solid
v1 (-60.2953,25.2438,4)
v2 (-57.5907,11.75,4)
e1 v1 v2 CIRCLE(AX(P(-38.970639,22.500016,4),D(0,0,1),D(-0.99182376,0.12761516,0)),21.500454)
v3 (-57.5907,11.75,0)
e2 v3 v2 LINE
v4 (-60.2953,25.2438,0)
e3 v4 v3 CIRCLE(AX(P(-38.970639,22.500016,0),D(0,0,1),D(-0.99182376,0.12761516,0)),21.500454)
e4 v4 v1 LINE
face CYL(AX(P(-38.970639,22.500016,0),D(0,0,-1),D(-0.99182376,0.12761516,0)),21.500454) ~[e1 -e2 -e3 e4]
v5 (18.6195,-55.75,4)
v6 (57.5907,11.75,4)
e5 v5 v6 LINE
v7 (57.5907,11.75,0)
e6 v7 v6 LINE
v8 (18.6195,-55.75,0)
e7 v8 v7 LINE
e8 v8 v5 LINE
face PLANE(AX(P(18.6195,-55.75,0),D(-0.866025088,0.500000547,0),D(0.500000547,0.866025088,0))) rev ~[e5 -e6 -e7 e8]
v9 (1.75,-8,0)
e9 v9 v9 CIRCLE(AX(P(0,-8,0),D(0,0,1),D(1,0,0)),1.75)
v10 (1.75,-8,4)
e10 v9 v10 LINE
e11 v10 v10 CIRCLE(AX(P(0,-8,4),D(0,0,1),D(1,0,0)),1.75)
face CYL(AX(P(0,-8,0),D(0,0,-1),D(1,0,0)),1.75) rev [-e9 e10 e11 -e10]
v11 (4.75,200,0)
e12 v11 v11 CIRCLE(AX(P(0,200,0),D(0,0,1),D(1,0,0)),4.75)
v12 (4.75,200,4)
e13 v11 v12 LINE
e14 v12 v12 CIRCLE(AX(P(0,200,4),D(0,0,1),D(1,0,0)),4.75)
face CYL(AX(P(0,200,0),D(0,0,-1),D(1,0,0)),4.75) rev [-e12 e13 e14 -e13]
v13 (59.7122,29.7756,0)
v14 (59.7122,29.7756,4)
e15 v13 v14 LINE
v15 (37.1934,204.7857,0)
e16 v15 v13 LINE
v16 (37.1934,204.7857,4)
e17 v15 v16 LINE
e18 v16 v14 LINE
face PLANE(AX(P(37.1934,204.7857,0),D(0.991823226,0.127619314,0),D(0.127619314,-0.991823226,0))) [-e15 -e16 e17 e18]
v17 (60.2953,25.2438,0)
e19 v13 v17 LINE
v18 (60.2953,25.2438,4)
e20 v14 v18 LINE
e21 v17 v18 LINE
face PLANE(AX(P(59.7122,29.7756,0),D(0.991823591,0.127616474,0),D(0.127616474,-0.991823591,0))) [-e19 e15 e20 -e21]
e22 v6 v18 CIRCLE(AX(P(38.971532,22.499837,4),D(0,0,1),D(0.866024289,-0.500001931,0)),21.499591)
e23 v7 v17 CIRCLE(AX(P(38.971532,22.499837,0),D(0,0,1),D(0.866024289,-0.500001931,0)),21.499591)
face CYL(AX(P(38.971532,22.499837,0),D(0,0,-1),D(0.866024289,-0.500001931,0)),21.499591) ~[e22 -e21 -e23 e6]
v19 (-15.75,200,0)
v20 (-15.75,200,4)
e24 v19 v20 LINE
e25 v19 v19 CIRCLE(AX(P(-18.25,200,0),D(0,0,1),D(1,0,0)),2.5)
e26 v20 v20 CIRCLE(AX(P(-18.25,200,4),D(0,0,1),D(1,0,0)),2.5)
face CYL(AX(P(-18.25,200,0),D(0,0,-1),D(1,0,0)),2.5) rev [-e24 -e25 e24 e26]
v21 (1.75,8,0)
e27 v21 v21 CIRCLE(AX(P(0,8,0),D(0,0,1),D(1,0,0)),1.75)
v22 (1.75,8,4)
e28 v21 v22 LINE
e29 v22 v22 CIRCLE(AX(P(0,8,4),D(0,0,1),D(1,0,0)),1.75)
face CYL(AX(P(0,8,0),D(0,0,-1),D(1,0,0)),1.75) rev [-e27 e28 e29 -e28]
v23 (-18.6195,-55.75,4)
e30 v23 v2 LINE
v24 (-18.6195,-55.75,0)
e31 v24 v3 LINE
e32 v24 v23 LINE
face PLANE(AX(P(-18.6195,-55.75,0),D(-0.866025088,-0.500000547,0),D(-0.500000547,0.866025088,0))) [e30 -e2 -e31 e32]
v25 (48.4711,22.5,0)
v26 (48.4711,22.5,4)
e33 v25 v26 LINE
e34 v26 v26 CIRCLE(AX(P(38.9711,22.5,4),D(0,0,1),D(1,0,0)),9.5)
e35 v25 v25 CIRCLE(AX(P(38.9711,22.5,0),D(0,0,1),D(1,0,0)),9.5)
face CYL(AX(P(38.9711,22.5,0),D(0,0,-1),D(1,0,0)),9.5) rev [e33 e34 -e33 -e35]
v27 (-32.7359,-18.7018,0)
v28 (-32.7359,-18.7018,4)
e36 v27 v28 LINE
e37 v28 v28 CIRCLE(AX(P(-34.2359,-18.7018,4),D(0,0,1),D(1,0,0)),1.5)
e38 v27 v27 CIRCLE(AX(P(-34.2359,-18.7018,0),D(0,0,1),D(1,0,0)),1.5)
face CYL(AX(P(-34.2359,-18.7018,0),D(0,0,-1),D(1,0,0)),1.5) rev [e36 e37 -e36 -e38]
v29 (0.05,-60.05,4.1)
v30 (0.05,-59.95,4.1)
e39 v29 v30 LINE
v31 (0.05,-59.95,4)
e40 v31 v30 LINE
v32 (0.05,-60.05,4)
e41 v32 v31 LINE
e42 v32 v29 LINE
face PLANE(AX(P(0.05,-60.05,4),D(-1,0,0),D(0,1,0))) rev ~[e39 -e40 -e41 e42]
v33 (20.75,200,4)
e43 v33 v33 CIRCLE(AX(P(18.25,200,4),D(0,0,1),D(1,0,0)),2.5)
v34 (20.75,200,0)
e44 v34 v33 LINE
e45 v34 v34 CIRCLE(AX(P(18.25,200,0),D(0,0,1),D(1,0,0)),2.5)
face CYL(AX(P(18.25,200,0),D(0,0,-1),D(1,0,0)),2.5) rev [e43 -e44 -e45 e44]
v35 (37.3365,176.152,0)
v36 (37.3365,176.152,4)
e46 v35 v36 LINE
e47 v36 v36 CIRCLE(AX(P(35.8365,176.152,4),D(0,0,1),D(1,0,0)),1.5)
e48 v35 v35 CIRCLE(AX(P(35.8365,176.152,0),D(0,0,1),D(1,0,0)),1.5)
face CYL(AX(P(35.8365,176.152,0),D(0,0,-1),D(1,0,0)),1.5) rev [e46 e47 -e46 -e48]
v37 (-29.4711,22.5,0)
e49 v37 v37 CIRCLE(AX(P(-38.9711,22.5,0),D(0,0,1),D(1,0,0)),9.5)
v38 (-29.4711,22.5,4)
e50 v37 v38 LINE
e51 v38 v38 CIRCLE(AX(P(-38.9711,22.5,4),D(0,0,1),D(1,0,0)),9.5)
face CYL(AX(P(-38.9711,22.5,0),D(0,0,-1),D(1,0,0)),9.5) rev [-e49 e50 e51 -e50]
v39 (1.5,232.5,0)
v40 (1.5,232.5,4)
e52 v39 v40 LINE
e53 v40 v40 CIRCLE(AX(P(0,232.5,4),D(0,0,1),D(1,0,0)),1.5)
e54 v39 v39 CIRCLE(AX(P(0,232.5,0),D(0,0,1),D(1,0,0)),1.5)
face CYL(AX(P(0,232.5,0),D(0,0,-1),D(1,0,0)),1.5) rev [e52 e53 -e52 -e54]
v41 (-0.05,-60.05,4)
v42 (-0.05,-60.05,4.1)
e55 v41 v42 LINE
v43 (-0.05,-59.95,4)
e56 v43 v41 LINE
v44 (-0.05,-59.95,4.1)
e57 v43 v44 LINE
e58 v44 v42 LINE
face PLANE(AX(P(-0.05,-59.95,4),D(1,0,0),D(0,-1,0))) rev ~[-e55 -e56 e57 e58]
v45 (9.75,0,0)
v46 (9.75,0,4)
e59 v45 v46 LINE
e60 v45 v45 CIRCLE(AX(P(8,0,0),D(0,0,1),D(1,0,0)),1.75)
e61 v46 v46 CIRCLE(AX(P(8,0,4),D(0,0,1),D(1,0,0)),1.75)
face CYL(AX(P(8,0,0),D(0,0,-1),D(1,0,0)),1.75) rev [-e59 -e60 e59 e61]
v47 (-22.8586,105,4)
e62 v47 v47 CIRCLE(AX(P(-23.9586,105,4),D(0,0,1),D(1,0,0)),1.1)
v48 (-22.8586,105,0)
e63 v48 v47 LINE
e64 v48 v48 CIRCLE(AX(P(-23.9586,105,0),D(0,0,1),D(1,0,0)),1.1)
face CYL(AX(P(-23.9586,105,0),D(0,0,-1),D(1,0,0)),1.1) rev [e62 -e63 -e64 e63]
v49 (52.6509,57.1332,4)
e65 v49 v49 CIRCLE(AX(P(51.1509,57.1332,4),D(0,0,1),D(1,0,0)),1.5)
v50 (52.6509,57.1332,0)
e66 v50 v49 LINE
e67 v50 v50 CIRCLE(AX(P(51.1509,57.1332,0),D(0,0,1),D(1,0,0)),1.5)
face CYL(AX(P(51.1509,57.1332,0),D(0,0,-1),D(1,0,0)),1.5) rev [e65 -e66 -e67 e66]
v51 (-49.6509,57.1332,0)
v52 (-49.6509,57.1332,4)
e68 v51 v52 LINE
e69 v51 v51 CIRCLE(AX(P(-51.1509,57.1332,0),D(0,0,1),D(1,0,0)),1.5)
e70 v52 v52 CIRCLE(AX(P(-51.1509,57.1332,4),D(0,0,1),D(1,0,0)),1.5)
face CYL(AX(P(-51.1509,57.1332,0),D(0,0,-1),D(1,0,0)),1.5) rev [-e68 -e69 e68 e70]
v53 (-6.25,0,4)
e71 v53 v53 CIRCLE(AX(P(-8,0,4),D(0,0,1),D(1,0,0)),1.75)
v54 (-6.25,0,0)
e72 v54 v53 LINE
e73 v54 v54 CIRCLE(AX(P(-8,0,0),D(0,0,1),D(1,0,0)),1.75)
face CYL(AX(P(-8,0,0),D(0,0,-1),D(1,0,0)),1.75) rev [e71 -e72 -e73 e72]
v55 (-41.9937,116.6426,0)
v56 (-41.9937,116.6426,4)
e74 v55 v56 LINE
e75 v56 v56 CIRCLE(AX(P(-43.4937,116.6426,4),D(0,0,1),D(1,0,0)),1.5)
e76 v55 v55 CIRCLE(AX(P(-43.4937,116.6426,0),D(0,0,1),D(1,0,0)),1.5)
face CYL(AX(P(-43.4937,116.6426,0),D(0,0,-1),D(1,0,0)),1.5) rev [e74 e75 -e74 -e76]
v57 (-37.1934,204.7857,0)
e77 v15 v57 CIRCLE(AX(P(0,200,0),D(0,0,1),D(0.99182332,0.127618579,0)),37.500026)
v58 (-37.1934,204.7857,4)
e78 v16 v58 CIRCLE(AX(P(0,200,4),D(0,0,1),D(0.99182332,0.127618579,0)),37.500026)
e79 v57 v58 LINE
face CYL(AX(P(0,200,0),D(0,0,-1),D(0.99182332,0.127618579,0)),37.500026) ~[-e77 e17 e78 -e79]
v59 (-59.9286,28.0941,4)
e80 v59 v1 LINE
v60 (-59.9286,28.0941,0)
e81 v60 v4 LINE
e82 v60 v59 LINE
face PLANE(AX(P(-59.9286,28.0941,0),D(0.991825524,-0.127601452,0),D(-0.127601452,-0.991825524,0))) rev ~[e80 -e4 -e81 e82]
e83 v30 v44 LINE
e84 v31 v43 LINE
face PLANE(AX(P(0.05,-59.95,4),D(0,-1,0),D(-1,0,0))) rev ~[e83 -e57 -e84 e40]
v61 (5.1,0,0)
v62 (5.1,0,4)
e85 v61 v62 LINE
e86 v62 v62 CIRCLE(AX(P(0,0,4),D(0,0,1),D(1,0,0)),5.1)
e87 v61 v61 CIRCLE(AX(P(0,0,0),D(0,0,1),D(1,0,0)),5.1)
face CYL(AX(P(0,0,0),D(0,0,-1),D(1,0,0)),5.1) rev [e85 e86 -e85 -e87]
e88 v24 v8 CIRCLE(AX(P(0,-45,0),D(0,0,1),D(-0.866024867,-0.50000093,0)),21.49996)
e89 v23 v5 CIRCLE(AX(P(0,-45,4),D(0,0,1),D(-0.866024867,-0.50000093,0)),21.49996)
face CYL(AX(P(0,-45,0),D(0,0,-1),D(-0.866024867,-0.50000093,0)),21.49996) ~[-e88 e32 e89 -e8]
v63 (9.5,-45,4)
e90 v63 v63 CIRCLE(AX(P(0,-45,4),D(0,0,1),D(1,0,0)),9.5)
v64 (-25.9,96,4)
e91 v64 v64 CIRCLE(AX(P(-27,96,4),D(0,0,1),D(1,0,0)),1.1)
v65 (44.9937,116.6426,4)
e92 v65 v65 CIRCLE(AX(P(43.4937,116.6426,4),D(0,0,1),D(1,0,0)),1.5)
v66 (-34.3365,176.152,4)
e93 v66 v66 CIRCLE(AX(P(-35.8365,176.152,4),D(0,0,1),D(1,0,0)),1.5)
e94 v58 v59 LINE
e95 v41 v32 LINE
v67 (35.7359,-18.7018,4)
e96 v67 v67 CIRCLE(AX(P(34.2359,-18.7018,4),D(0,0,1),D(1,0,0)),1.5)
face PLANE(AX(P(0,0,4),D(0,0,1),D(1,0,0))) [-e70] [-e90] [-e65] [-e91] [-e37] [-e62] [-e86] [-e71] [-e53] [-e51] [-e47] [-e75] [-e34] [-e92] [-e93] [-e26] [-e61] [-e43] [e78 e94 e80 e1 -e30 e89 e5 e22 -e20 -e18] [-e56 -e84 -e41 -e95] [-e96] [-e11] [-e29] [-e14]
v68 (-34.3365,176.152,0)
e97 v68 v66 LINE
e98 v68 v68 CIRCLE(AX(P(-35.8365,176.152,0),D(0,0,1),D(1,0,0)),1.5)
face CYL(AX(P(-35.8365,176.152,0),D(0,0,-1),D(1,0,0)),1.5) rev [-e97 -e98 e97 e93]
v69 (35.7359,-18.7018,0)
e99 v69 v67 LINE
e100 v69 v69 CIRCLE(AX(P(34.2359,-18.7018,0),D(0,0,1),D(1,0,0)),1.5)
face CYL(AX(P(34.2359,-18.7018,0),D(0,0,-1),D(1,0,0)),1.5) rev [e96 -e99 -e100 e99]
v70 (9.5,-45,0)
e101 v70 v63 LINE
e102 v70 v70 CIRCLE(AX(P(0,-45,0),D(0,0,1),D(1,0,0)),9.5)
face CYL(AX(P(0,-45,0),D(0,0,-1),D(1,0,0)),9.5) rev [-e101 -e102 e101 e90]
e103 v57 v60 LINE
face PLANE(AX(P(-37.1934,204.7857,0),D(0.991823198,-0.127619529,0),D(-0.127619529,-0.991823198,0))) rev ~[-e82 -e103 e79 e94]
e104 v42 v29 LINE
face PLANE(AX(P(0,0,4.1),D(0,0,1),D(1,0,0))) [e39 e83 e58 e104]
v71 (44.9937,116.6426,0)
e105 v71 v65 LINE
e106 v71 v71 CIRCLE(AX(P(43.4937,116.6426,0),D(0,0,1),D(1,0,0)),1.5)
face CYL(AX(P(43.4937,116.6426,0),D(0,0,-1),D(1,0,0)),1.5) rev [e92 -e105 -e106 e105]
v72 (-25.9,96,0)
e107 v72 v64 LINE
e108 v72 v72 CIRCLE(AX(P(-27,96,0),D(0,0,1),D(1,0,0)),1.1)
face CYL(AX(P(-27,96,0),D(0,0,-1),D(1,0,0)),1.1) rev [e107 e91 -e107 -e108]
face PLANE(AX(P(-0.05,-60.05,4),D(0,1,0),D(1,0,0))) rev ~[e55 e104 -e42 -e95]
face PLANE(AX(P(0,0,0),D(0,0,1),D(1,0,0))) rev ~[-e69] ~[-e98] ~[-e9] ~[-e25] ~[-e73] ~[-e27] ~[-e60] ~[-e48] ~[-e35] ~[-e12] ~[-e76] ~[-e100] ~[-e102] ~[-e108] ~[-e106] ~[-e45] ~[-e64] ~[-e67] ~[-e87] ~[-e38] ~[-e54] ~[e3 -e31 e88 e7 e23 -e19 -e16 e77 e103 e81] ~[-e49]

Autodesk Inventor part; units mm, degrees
ref_plane "YZ Plane" through (0, 0, 0) normal (1, 0, 0) x (0, 1, 0)
ref_plane "XZ Plane" through (0, 0, 0) normal (0, 1, 0) x (-1, 0, 0)
ref_plane "XY Plane" through (0, 0, 0) normal (0, 0, 1) x (1, 0, 0)
sketch "Sketch1" plane through (0, 0, 0) normal (0, 0, 1) x (1, 0, 0)
  line L0 (0, 0) -> (0, 200) construction
  arc A0 (37.1934, 204.7857) -> (-37.1934, 204.7857) centre (0, 200) ccw
  line L1 (0, 200) -> (-18.25, 200) construction
  circle A1 centre (-18.25, 200) radius 2.5
  line L2 (0, 200) -> (18.25, 200) construction
  circle A2 centre (18.25, 200) radius 2.5
  circle A3 centre (0, 0) radius 15 construction
  line L3 (37.1934, 204.7857) -> (59.7122, 29.7756)
  line L4 (-37.1934, 204.7857) -> (-59.9286, 28.0941)
  line L5 (48.4528, 117.2807) -> (43.4937, 116.6426) construction
  line L6 (51.1509, 57.1332) -> (35.8365, 176.152) construction
  circle A4 centre (35.8365, 176.152) radius 1.5
  circle A5 centre (51.1509, 57.1332) radius 1.5
  circle A6 centre (43.4937, 116.6426) radius 1.5
  line L7 (0, 237.5) -> (0, 232.5) construction
  circle A7 centre (0, 232.5) radius 1.5
  circle A8 centre (-35.8365, 176.152) radius 1.5
  circle A9 centre (-43.4937, 116.6426) radius 1.5
  circle A10 centre (-51.1509, 57.1332) radius 1.5
  circle A11 centre (0, 200) radius 4.75
  circle A12 centre (0, 0) radius 45 construction
  circle A13 centre (0, -45) radius 9.5
  circle A14 centre (0, -45) radius 14.5 construction
  circle A15 centre (0, -59.5) radius 2.25 construction
  circle A16 centre (14.5, -45) radius 2.25 construction
  circle A17 centre (0, -30.5) radius 2.25 construction
  circle A18 centre (-14.5, -45) radius 2.25 construction
  circle A19 centre (0, -45) radius 21.5 construction
  circle A20 centre (38.9711, 22.5) radius 21.5 construction
  circle A21 centre (51.5285, 29.75) radius 2.25 construction
  circle A22 centre (46.2211, 9.9426) radius 2.25 construction
  circle A23 centre (31.7211, 35.0574) radius 2.25 construction
  circle A24 centre (26.4138, 15.25) radius 2.25 construction
  circle A25 centre (38.9711, 22.5) radius 9.5
  circle A26 centre (-38.9711, 22.5) radius 21.5 construction
  circle A27 centre (-51.5285, 29.75) radius 2.25 construction
  circle A28 centre (-31.7211, 35.0574) radius 2.25 construction
  circle A29 centre (-46.2211, 9.9426) radius 2.25 construction
  circle A30 centre (-26.4138, 15.25) radius 2.25 construction
  circle A31 centre (-38.9711, 22.5) radius 9.5
  line L8 (-18.6195, -55.75) -> (-57.5907, 11.75)
  line L9 (18.6195, -55.75) -> (57.5907, 11.75)
  line L10 (48.4528, 117.2807) -> (48.4528, 23.0901) construction
  line L11 (59.7122, 29.7756) -> (60.2953, 25.2438)
  line L12 (48.4528, 23.0901) -> (48.4528, -26.9099) construction
  line L13 (48.4528, -26.9099) -> (38.566, -21.2018) construction
  line L14 (38.566, -21.2018) -> (34.2359, -18.7018) construction
  circle A32 centre (34.2359, -18.7018) radius 1.5
  circle A33 centre (-34.2359, -18.7018) radius 1.5
  arc A34 (57.5907, 11.75) -> (60.2953, 25.2438) centre (38.9711, 22.5) ccw
  arc A35 (-60.2953, 25.2438) -> (-57.5907, 11.75) centre (-38.9711, 22.5) ccw
  arc A36 (-18.6195, -55.75) -> (18.6195, -55.75) centre (0, -45) ccw
  line L15 (38.9711, 22.5) -> (53.4711, 22.5) construction
  line L16 (-59.9286, 28.0941) -> (-60.2953, 25.2438)
  circle A37 centre (0, 0) radius 5.1
  line L17 (0, 0) -> (0, -8) construction
  circle A38 centre (0, -8) radius 1.75
  circle A39 centre (8, 0) radius 1.75
  circle A40 centre (0, 8) radius 1.75
  circle A41 centre (-8, 0) radius 1.75
  line L18 (0, 200) -> (0, 135) construction
  circle A42 centre (-27, 96) radius 1.1
  circle A43 centre (-23.9586, 105) radius 1.1
  dimension "d84" = 90
  dimension "d86" = 29
  dimension "d58" = 200
  dimension "d59" = 75
  dimension "d60" = 18.25
  dimension "d61" = 5
  dimension "d62" = 30
  dimension "d63" = 5
  dimension "d64" = 120
  dimension "d65" = 3
  dimension "d66" = 3
  dimension "d67" = 3
  dimension "d68" = 5
  dimension "d69" = 3
  dimension "d70" = 9.5
  dimension "d85" = 19
  dimension "d87" = 4.5
  dimension "d88" = 45
  dimension "d89" = 14.5
  dimension "d90" = 14.5
  dimension "d91" = 360
  dimension "d92" = 43
  dimension "d93" = 360
  dimension "d94" = 94.1906
  dimension "d95" = 50
  dimension "d96" = 5
  dimension "d97" = 3
  dimension "d103" = 10.2
  dimension "d104" = 8
  dimension "d105" = 3.5
  dimension "d108" = 360
  dimension "d110" = 65
  dimension "d113" = 2.2
  dimension "d115" = 2.2
  dimension "d116" = 27
  dimension "d118" = 9.5
  dimension "d119" = 95
  dimension "d120" = 104
extrude "Extrusion1" add sketch "Sketch1" along normal blind 4
sketch "Sketch2" plane through (0, 0, 4) normal (0, 0, 1) x (1, 0, 0)
  line L0 (0, 0) -> (0, -60) construction
  line L1 (0.05, -59.95) -> (-0.05, -59.95)
  line L2 (-0.05, -59.95) -> (-0.05, -60.05)
  line L3 (-0.05, -60.05) -> (0.05, -60.05)
  line L4 (0.05, -60.05) -> (0.05, -59.95)
  line L5 (0.05, -59.95) -> (-0.05, -60.05) construction
  line L6 (-0.05, -59.95) -> (0.05, -60.05) construction
  dimension "d47" = 60
  dimension "d48" = 0.1
  dimension "d49" = 0.1
extrude "Extrusion2" add sketch "Sketch2" along normal blind 0.1
equation "\"d63\" = d101"
equation "\"d65\" = d102"
equation "\"d66\" = d102"
equation "\"d67\" = d102"
equation "\"d68\" = d101"
equation "\"d69\" = d102"
equation "\"d96\" = d101"
equation "\"d97\" = d102"
equation "\"d101\" = 5"
equation "\"d102\" = 3"
properties part number "2ELO"
